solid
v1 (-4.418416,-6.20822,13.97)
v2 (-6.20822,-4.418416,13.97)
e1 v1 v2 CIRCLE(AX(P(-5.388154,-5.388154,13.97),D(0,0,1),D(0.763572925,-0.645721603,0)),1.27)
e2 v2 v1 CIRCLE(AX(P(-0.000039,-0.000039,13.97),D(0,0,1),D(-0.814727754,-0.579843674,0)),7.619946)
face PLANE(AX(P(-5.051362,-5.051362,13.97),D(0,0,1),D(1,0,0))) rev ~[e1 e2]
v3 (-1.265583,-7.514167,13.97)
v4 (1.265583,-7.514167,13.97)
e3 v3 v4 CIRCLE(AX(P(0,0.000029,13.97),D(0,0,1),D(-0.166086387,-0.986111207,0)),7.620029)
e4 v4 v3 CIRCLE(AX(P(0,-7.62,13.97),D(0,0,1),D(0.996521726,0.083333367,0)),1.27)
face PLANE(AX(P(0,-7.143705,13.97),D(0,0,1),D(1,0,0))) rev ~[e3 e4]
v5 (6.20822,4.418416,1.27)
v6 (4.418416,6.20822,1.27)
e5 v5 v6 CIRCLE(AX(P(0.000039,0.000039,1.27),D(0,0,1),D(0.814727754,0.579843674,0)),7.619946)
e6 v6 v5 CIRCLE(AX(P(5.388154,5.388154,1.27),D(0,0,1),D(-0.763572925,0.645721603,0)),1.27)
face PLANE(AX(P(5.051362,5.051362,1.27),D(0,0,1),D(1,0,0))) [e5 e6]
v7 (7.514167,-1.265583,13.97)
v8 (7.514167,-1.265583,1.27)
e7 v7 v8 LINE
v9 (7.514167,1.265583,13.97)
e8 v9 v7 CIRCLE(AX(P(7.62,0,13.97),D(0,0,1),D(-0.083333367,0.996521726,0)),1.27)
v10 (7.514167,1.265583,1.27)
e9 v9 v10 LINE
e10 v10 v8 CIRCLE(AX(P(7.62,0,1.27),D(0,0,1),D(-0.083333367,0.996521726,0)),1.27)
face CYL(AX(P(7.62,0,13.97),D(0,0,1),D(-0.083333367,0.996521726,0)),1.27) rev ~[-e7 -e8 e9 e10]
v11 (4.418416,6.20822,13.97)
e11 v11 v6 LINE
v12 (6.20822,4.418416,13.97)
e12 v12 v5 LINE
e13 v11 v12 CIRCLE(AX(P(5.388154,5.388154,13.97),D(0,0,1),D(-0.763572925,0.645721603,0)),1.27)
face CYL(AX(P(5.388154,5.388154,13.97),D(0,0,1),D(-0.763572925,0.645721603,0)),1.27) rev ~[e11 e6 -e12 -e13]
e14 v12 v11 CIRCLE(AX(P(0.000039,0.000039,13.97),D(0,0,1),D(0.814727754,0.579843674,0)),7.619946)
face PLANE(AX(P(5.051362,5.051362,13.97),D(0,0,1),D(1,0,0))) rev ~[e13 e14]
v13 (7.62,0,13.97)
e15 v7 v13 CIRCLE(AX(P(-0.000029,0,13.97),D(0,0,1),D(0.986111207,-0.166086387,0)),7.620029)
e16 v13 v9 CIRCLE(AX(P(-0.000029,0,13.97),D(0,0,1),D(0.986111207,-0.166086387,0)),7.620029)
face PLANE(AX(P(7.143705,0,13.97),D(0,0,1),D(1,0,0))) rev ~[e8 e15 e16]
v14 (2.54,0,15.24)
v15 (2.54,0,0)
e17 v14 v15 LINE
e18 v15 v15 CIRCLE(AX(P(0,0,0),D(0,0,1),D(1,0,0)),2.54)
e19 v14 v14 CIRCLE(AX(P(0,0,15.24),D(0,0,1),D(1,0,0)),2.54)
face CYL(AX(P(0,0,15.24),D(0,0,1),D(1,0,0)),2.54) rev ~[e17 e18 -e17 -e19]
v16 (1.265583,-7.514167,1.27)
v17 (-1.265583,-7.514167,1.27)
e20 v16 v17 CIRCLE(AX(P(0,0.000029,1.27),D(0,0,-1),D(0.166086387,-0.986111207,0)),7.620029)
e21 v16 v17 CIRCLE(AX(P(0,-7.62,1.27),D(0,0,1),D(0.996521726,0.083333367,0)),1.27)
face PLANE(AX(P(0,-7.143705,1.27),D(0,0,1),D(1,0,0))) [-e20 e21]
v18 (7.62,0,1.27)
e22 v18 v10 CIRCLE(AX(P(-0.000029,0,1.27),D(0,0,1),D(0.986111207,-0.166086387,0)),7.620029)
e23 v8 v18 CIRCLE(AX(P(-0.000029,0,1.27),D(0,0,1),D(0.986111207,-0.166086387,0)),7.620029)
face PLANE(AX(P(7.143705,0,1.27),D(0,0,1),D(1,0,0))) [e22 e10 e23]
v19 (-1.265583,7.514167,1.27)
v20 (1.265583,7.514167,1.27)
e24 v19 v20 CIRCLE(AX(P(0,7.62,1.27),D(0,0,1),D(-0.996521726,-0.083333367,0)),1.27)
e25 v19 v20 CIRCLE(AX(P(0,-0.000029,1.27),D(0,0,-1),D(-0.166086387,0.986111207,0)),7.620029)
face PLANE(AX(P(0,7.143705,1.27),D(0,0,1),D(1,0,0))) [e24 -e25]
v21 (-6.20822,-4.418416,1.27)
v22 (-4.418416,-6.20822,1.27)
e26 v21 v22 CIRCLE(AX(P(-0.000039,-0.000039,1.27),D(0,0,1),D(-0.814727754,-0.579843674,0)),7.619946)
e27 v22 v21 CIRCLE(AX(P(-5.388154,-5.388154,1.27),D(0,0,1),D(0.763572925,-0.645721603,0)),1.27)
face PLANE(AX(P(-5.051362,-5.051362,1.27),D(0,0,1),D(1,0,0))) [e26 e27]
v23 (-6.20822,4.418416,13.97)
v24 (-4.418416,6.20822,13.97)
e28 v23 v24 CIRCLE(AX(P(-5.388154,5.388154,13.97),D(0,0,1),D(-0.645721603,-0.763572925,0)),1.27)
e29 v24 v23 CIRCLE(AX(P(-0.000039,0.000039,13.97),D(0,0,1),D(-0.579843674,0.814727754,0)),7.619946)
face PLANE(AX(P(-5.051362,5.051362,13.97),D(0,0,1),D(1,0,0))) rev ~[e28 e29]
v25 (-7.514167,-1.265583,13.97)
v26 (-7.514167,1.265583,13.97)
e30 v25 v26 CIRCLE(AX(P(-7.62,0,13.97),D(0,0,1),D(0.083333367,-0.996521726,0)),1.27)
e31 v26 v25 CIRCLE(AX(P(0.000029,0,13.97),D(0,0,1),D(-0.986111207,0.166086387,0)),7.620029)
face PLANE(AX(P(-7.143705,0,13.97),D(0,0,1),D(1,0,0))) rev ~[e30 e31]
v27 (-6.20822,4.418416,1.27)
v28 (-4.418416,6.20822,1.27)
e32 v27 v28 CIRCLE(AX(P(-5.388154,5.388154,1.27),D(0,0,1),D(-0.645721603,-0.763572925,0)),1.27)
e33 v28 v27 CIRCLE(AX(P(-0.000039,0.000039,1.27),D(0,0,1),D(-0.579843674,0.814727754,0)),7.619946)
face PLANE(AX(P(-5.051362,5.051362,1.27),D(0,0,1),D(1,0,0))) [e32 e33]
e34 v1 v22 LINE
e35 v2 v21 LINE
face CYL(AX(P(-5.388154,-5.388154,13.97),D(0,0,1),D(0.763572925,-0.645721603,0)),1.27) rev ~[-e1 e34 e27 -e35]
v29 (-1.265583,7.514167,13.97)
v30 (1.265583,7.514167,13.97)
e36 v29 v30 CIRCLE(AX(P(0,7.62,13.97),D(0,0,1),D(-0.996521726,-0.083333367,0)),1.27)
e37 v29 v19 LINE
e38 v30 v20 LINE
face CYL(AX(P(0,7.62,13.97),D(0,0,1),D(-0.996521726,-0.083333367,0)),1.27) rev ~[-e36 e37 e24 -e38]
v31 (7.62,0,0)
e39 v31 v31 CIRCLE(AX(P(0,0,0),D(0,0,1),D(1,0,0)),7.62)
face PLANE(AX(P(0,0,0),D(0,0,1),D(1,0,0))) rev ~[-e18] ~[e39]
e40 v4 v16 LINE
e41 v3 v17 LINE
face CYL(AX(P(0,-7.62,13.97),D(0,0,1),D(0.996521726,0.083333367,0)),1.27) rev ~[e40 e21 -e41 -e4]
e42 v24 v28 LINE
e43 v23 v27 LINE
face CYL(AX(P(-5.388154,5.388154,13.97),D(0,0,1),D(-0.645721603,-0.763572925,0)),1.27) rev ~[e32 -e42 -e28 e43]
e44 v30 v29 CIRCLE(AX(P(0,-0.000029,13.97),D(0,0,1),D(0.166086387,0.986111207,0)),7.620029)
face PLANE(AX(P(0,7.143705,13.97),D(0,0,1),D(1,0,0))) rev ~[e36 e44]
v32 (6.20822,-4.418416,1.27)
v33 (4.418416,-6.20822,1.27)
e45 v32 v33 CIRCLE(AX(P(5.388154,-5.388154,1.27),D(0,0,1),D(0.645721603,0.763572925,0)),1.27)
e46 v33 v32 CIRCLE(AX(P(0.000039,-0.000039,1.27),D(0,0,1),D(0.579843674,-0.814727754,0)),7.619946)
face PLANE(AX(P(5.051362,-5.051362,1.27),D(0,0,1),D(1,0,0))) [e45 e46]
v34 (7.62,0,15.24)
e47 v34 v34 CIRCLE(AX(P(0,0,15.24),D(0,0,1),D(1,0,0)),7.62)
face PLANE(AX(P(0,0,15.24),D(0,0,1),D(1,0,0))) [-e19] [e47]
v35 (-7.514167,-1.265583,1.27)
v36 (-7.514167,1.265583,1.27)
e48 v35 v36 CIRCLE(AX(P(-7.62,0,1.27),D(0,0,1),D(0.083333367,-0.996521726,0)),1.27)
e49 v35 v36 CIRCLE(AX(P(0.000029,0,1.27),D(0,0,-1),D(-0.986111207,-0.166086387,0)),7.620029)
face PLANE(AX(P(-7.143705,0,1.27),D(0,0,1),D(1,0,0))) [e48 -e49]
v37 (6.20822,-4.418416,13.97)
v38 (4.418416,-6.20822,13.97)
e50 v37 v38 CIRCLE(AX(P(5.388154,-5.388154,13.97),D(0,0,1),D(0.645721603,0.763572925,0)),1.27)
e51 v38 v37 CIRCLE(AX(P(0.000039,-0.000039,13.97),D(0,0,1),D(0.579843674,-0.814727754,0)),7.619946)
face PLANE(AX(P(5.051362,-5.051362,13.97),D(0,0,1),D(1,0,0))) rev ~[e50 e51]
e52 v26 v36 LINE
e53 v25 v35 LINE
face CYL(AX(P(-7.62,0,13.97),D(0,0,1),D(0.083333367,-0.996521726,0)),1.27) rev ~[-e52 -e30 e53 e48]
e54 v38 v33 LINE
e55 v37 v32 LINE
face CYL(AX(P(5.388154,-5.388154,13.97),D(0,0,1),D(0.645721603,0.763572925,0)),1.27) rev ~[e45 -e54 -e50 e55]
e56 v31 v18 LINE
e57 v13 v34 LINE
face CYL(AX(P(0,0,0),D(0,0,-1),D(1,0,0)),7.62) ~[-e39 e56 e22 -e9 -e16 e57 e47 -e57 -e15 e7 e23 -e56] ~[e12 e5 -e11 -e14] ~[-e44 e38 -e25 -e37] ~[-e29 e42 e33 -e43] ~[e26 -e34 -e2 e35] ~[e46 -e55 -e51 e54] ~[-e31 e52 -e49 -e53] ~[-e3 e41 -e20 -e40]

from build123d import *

# Parameters (mm, degrees)
SKETCH015_R     = 7.62
PAD005_DEPTH    = 15.24
POCKET010_DEPTH = 12.7
SKETCH017_R     = 2.54
POCKET011_DEPTH = 15.241


with BuildPart() as part:
    # Sketch015 → Pad005 (new body)
    with BuildSketch(Plane.XY):
        Circle(SKETCH015_R)
    extrude(amount=PAD005_DEPTH)

    # Sketch016 (on DatumPlane) → Pocket010 (cut)
    with BuildSketch(Plane.XY.offset(13.97)):
        with BuildLine():
            ThreePointArc((-1.265583, 7.514167), (0, 6.35), (1.265583, 7.514167))
            ThreePointArc((1.265583, 7.514167), (0, 7.62), (-1.265583, 7.514167))
        make_face()
        with BuildLine():
            ThreePointArc((7.514167, 1.265583), (6.35, 0), (7.514167, -1.265583))
            ThreePointArc((7.514167, -1.265583), (7.62, 0), (7.514167, 1.265583))
        make_face()
        with BuildLine():
            ThreePointArc((1.265583, -7.514167), (0, -6.35), (-1.265583, -7.514167))
            ThreePointArc((-1.265583, -7.514167), (0, -7.62), (1.265583, -7.514167))
        make_face()
        with BuildLine():
            ThreePointArc((-7.514167, -1.265583), (-6.35, 0), (-7.514167, 1.265583))
            ThreePointArc((-7.514167, 1.265583), (-7.62, 0), (-7.514167, -1.265583))
        make_face()
        with BuildLine():
            ThreePointArc((-6.20822, 4.418416), (-4.490128, 4.490128), (-4.418416, 6.20822))
            ThreePointArc((-4.418416, 6.20822), (-5.388154, 5.388154), (-6.20822, 4.418416))
        make_face()
        with BuildLine():
            ThreePointArc((4.418416, 6.20822), (4.490128, 4.490128), (6.20822, 4.418416))
            ThreePointArc((6.20822, 4.418416), (5.388154, 5.388154), (4.418416, 6.20822))
        make_face()
        with BuildLine():
            ThreePointArc((6.20822, -4.418416), (4.490128, -4.490128), (4.418416, -6.20822))
            ThreePointArc((4.418416, -6.20822), (5.388154, -5.388154), (6.20822, -4.418416))
        make_face()
        with BuildLine():
            ThreePointArc((-4.418416, -6.20822), (-4.490128, -4.490128), (-6.20822, -4.418416))
            ThreePointArc((-6.20822, -4.418416), (-5.388154, -5.388154), (-4.418416, -6.20822))
        make_face()
    extrude(amount=-POCKET010_DEPTH, mode=Mode.SUBTRACT)

    # Sketch017 (on Face6 of Pocket010) → Pocket011 (cut, through all)
    with BuildSketch(Plane.XY.offset(15.24)):
        Circle(SKETCH017_R)
    extrude(amount=-POCKET011_DEPTH, mode=Mode.SUBTRACT)


solid = part.part
